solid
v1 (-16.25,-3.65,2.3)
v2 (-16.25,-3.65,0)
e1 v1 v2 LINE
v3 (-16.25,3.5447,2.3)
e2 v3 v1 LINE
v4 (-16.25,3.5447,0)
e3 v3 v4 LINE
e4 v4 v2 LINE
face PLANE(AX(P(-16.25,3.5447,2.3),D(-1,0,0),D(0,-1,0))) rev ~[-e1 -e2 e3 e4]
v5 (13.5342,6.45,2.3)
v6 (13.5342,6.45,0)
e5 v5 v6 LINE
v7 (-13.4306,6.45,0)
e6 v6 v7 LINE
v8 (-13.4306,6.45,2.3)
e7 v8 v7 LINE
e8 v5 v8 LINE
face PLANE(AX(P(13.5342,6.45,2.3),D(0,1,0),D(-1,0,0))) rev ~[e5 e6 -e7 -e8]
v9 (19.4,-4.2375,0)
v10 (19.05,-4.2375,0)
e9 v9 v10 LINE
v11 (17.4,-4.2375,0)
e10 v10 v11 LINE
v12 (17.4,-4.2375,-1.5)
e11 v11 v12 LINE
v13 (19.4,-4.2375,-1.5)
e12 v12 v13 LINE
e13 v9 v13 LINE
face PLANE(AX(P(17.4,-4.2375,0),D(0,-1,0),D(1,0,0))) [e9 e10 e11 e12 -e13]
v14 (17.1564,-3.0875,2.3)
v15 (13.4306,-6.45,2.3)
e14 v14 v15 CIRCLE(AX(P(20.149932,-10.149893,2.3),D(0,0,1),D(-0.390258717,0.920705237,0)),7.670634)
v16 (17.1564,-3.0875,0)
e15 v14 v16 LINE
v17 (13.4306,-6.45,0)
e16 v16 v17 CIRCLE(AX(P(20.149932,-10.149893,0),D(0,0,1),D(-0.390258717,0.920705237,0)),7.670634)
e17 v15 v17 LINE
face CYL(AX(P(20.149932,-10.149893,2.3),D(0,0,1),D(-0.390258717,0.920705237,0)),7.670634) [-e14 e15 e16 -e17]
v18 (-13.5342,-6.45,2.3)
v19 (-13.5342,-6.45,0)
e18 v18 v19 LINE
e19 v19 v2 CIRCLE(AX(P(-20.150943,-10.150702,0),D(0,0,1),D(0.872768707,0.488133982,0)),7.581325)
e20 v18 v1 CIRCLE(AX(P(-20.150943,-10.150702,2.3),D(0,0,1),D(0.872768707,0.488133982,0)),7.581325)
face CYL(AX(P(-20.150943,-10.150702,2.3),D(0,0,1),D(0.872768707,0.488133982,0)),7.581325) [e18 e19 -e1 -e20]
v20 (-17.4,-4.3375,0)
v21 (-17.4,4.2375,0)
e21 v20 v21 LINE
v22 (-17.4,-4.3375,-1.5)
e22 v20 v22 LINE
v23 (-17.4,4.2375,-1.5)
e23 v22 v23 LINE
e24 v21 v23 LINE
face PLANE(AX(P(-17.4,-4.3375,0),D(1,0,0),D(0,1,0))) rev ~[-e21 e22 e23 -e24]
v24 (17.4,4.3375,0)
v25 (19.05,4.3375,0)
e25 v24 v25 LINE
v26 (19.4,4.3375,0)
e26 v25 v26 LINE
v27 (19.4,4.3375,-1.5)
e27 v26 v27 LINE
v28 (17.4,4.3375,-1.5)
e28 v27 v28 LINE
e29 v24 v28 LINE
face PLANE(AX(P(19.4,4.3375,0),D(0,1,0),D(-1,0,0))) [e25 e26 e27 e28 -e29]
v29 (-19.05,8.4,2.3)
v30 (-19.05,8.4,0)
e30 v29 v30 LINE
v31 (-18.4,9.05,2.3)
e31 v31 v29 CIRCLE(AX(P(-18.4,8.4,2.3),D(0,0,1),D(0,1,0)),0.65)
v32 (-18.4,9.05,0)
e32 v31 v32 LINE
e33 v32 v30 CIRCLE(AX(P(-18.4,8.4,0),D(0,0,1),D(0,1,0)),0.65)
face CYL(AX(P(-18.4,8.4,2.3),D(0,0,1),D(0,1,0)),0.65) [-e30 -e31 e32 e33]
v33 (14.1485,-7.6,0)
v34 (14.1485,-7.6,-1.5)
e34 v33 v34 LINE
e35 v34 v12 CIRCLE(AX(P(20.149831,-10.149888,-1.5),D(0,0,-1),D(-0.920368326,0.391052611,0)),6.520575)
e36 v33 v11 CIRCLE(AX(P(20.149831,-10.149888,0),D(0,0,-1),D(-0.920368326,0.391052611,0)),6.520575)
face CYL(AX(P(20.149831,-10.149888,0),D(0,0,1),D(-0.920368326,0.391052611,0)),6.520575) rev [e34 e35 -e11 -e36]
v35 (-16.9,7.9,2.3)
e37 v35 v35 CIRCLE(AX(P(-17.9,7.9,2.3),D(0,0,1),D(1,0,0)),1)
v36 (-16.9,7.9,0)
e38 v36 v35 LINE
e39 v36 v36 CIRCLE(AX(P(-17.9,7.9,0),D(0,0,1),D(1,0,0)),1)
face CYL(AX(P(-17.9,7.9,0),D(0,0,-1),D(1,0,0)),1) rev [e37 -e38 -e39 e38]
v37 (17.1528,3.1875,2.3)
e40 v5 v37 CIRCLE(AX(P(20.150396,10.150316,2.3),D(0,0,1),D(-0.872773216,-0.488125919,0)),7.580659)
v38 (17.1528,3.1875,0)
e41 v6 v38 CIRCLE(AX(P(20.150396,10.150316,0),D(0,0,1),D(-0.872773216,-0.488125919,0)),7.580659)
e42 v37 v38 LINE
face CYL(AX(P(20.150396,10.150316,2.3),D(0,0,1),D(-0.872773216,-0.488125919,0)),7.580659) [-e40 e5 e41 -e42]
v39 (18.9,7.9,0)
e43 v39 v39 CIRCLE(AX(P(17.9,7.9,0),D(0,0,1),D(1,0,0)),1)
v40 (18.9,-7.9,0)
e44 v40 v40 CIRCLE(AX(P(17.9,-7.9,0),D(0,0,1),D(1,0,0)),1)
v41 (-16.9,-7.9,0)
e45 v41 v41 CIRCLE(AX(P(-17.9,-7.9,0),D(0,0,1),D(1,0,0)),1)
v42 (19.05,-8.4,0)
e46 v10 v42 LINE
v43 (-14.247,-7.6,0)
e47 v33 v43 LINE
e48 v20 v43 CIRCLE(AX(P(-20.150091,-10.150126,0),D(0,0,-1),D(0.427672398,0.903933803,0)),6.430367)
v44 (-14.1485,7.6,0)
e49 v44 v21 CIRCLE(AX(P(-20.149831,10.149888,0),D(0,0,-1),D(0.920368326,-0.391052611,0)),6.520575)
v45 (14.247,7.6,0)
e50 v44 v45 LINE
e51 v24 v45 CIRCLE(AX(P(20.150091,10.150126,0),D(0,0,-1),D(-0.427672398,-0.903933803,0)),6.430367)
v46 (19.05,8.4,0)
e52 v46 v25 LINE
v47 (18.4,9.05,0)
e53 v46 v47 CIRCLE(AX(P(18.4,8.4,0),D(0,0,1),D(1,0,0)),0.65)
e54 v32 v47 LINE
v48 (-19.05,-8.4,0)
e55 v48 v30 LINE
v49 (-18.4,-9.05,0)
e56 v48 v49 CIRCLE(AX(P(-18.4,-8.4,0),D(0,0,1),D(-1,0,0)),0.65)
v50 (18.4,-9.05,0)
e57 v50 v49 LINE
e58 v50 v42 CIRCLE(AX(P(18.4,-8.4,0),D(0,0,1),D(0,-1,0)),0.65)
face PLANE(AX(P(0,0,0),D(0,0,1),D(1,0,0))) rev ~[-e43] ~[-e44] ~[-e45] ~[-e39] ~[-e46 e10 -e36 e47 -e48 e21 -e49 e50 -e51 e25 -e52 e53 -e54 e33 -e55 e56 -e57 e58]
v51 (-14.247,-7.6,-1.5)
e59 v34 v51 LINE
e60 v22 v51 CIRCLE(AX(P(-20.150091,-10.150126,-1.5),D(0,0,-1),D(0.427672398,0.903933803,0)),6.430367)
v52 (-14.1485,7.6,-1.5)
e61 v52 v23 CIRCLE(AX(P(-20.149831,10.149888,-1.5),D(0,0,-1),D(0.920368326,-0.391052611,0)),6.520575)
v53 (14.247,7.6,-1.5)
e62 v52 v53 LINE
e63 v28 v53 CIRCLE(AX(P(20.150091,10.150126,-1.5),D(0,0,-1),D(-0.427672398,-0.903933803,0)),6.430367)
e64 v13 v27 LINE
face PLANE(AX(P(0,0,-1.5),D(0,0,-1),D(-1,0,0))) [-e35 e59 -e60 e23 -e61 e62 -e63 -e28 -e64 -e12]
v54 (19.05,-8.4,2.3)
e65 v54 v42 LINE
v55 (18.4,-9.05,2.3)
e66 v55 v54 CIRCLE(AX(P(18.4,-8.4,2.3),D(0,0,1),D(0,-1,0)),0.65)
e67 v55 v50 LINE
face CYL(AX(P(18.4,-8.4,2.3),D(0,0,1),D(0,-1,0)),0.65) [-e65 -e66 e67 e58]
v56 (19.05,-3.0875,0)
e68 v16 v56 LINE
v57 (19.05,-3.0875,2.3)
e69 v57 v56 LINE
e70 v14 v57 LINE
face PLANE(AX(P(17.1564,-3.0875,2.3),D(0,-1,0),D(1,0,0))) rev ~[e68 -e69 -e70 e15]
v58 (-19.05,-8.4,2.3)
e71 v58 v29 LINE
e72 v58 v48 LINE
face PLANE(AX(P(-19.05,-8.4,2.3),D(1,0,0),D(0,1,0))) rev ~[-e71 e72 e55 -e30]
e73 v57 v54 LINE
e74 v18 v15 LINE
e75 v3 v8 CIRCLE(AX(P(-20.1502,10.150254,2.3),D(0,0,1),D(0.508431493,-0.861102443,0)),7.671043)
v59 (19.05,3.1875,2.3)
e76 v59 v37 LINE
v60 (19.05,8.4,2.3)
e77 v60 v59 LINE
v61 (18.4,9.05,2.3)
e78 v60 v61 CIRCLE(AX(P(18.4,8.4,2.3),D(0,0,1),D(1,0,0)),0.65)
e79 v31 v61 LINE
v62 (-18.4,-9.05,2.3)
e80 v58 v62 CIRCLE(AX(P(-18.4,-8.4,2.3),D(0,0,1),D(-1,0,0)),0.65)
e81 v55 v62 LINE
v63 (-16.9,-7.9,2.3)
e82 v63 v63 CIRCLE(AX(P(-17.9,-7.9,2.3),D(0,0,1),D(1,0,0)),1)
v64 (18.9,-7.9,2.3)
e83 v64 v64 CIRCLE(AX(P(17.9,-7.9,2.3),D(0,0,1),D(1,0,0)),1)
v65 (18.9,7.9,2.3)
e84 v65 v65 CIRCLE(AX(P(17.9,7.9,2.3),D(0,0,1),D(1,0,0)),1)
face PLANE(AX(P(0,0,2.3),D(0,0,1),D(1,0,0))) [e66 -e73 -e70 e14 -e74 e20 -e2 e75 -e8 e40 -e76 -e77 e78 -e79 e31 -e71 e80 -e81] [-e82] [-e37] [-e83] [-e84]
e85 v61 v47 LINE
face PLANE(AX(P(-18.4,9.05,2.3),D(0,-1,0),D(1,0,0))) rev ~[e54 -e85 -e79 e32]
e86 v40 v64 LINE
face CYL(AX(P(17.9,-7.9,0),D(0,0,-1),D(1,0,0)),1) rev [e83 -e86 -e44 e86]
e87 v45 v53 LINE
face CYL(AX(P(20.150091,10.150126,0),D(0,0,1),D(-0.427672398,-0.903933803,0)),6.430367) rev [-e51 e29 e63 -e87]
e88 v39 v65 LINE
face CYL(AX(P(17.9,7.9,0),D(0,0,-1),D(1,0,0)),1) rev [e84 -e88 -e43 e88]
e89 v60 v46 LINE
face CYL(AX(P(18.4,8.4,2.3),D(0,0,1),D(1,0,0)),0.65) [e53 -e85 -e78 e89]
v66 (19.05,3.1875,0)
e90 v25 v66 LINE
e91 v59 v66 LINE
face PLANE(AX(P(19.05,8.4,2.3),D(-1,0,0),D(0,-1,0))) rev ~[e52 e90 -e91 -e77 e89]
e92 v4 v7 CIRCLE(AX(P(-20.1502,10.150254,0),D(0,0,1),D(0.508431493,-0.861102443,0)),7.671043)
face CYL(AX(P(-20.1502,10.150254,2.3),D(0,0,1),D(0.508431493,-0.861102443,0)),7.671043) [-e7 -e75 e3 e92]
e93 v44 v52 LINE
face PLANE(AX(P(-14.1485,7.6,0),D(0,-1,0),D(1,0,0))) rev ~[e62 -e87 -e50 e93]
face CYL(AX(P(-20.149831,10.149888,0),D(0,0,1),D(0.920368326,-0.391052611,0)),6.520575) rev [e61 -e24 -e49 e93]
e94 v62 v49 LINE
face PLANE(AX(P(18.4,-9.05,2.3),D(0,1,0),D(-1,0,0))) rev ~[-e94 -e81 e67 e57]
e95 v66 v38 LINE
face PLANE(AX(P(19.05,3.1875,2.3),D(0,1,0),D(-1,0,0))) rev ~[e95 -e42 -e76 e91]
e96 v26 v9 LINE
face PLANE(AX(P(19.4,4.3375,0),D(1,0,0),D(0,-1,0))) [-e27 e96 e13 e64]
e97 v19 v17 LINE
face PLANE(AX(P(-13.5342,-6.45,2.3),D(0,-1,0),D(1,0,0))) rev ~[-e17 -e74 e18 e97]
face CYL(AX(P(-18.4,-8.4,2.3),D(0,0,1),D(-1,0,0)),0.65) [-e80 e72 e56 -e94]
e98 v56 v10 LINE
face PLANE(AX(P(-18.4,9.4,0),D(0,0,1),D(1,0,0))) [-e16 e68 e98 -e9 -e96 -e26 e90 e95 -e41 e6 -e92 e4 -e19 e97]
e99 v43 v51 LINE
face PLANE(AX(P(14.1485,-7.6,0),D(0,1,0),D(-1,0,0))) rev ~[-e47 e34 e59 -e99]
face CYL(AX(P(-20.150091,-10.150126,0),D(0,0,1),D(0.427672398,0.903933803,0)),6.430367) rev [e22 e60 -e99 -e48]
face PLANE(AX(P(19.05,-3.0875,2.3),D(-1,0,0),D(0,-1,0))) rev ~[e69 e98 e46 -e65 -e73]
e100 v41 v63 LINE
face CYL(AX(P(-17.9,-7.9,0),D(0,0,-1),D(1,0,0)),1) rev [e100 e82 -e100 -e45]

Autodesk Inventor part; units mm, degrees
ref_plane "YZ Plane" through (0, 0, 0) normal (1, 0, 0) x (0, 1, 0)
ref_plane "XZ Plane" through (0, 0, 0) normal (0, 1, 0) x (-1, 0, 0)
sketch "Sketch1" plane through (0, 0, 0) normal (0, 0, 1) x (1, 0, 0)
  line L0 (17.4, 4.3375) -> (19.4, 4.3375) projected
  line L1 (19.4, 8.4) -> (19.4, 4.3375) projected
  arc A0 (19.4, 8.4) -> (18.4, 9.4) centre (18.4, 8.4) ccw projected
  line L2 (-18.4, 9.4) -> (18.4, 9.4) projected
  arc A1 (-18.4, 9.4) -> (-19.4, 8.4) centre (-18.4, 8.4) ccw projected
  line L3 (-19.4, -8.4) -> (-19.4, 8.4) projected
  arc A2 (-19.4, -8.4) -> (-18.4, -9.4) centre (-18.4, -8.4) ccw projected
  line L4 (18.4, -9.4) -> (-18.4, -9.4) projected
  arc A3 (18.4, -9.4) -> (19.4, -8.4) centre (18.4, -8.4) ccw projected
  line L5 (19.4, -4.2375) -> (19.4, -8.4) projected
  line L6 (19.4, -4.2375) -> (17.4, -4.2375) projected
  arc A4 (17.4, -4.2375) -> (14.1485, -7.6) centre (20.15, -10.15) ccw projected
  line L7 (14.1485, -7.6) -> (-14.247, -7.6) projected
  arc A5 (-14.247, -7.6) -> (-17.4, -4.3375) centre (-20.15, -10.15) ccw projected
  line L8 (-17.4, -4.3375) -> (-17.4, 4.2375) projected
  arc A6 (-17.4, 4.2375) -> (-14.1485, 7.6) centre (-20.15, 10.15) ccw projected
  line L9 (-14.1485, 7.6) -> (14.247, 7.6) projected
  arc A7 (14.247, 7.6) -> (17.4, 4.3375) centre (20.15, 10.15) ccw projected
  circle A8 centre (-17.9, -7.9) radius 1 projected
  circle A9 centre (17.9, -7.9) radius 1 projected
  circle A10 centre (-17.9, 7.9) radius 1 projected
  circle A11 centre (17.9, 7.9) radius 1 projected
  line L10 (19.4, -2.5) -> (19.4, 2.5) projected
  line L11 (19.4, 8.4) -> (19.4, 2.5) projected
  line L12 (19.4, -2.5) -> (19.4, -8.4) projected
  point P0 (0, 0)
ref_plane "Work Plane1" through (-26.7016, -22.7609, 2.3) normal (0, 0, 1) x (1, 0, 0)
extrude "Extrusion1" add sketch "Sketch1" along normal up to surface (2.3 mm away) contours A7 L9 A6 L8 A5 L7 A4 L6 L5 A3 L4 A2 L3 A1 L2 A0 L1 L0
sketch "Sketch2" plane through (0, 0, 0) normal (0, 0, -1) x (-1, 0, 0)
  arc A0 (14.1485, 7.6) -> (17.4, 4.2375) centre (20.15, 10.15) ccw projected
  line L0 (17.4, -4.3375) -> (17.4, 4.2375) projected
  arc A1 (17.4, -4.3375) -> (14.247, -7.6) centre (20.15, -10.15) ccw projected
  line L1 (-14.1485, -7.6) -> (14.247, -7.6) projected
  arc A2 (-14.1485, -7.6) -> (-17.4, -4.2375) centre (-20.15, -10.15) ccw projected
  line L2 (-17.4, -4.2375) -> (-19.4, -4.2375) projected
  line L3 (-19.4, -4.2375) -> (-19.4, 4.3375) projected
  line L4 (-19.4, 4.3375) -> (-17.4, 4.3375) projected
  arc A3 (-17.4, 4.3375) -> (-14.247, 7.6) centre (-20.15, 10.15) ccw projected
  line L5 (14.1485, 7.6) -> (-14.247, 7.6) projected
  point P0 (0, 0)
extrude "Extrusion2" add sketch "Sketch2" along normal blind 1.5
sketch "Sketch3" plane through (0, 0, 0) normal (0, 0, 1) x (1, 0, 0)
  line L0 (19.4, 4.3375) -> (19.4, -4.2375) projected
  line L1 (17.4, 4.3375) -> (19.4, 4.3375) projected
  arc A0 (14.247, 7.6) -> (17.4, 4.3375) centre (20.15, 10.15) ccw projected
  line L2 (-14.1485, 7.6) -> (14.247, 7.6) projected
  arc A1 (-17.4, 4.2375) -> (-14.1485, 7.6) centre (-20.15, 10.15) ccw projected
  line L3 (-17.4, -4.3375) -> (-17.4, 4.2375) projected
  arc A2 (-14.247, -7.6) -> (-17.4, -4.3375) centre (-20.15, -10.15) ccw projected
  line L4 (14.1485, -7.6) -> (-14.247, -7.6) projected
  arc A3 (17.4, -4.2375) -> (14.1485, -7.6) centre (20.15, -10.15) ccw projected
  line L5 (19.4, -4.2375) -> (17.4, -4.2375) projected
  arc A4 (13.332, 6.1) -> (17.0815, 2.8375) centre (20.15, 10.15) ccw
  line L6 (17.0815, 2.8375) -> (17.9, 2.8375)
  line L7 (17.9, 2.8375) -> (17.9, -2.7375)
  line L8 (17.9, -2.7375) -> (17.0861, -2.7375)
  arc A5 (17.0861, -2.7375) -> (13.2269, -6.1) centre (20.15, -10.15) ccw
  line L9 (13.2269, -6.1) -> (-13.332, -6.1)
  arc A6 (-13.332, -6.1) -> (-15.9, -3.4548) centre (-20.15, -10.15) ccw
  line L10 (-15.9, -3.4548) -> (-15.9, 3.3478)
  arc A7 (-15.9, 3.3478) -> (-13.2269, 6.1) centre (-20.15, 10.15) ccw
  line L11 (-13.2269, 6.1) -> (13.332, 6.1)
  line L12 (17.9, 2.8375) -> (19.4, 2.8375)
  line L13 (19.4, 2.8375) -> (19.4, -2.7375)
  line L14 (19.4, -2.7375) -> (17.9, -2.7375)
  line L15 (17.9, -2.7375) -> (17.9, 2.8375)
  point P0 (0, 0)
  dimension "d4" = 1.5
  dimension "d5" = 5.575
extrude "Extrusion3" add sketch "Sketch3" along normal up to surface (2.3 mm away) contours L0 L12 L6 A4 L11 A7 L10 A6 L9 A5 L8 L14 L5 A3 L4 A2 L3 A1 L2 A0 L1
sketch "Sketch4" plane through (-18.4, 9.4, 2.3) normal (0, 0, 1) x (1, 0, 0)
  line L0 (37.8, -12.1375) -> (37.8, -17.8) projected
  line L1 (35.4861, -12.1375) -> (37.8, -12.1375) projected
  arc A0 (35.4861, -12.1375) -> (31.6269, -15.5) centre (38.55, -19.55) ccw projected
  line L2 (5.068, -15.5) -> (31.6269, -15.5) projected
  arc A1 (5.068, -15.5) -> (2.5, -12.8548) centre (-1.75, -19.55) ccw projected
  line L3 (2.5, -6.0522) -> (2.5, -12.8548) projected
  arc A2 (2.5, -6.0522) -> (5.1731, -3.3) centre (-1.75, 0.75) ccw projected
  line L4 (31.732, -3.3) -> (5.1731, -3.3) projected
  arc A3 (31.732, -3.3) -> (35.4815, -6.5625) centre (38.55, 0.75) ccw projected
  line L5 (37.8, -6.5625) -> (35.4815, -6.5625) projected
  line L6 (37.8, -1) -> (37.8, -6.5625) projected
  arc A4 (37.8, -1) -> (36.8, 0) centre (36.8, -1) ccw projected
  line L7 (0, 0) -> (36.8, 0) projected
  arc A5 (0, 0) -> (-1, -1) centre (0, -1) ccw projected
  line L8 (-1, -17.8) -> (-1, -1) projected
  arc A6 (-1, -17.8) -> (0, -18.8) centre (0, -17.8) ccw projected
  line L9 (36.8, -18.8) -> (0, -18.8) projected
  arc A7 (36.8, -18.8) -> (37.8, -17.8) centre (36.8, -17.8) ccw projected
  arc A8 (37.45, -1) -> (36.8, -0.35) centre (36.8, -1) ccw
  line L10 (37.45, -1) -> (37.45, -6.2125)
  line L11 (37.45, -6.2125) -> (35.5528, -6.2125)
  arc A9 (31.9342, -2.95) -> (35.5528, -6.2125) centre (38.55, 0.75) ccw
  line L12 (31.9342, -2.95) -> (4.9694, -2.95)
  arc A10 (2.15, -5.8553) -> (4.9694, -2.95) centre (-1.75, 0.75) ccw
  line L13 (2.15, -5.8553) -> (2.15, -13.05)
  arc A11 (4.8658, -15.85) -> (2.15, -13.05) centre (-1.75, -19.55) ccw
  line L14 (4.8658, -15.85) -> (31.8306, -15.85)
  arc A12 (35.5564, -12.4875) -> (31.8306, -15.85) centre (38.55, -19.55) ccw
  line L15 (35.5564, -12.4875) -> (37.45, -12.4875)
  line L16 (37.45, -12.4875) -> (37.45, -17.8)
  arc A13 (36.8, -18.45) -> (37.45, -17.8) centre (36.8, -17.8) ccw
  line L17 (36.8, -18.45) -> (0, -18.45)
  arc A14 (-0.65, -17.8) -> (0, -18.45) centre (0, -17.8) ccw
  line L18 (-0.65, -17.8) -> (-0.65, -1)
  arc A15 (0, -0.35) -> (-0.65, -1) centre (0, -1) ccw
  line L19 (0, -0.35) -> (36.8, -0.35)
  line L20 (37.45, -6.2125) -> (37.45, -12.4875)
  line L21 (37.8, -6.5625) -> (37.8, -12.1375) projected
  line L22 (37.8, -6.2125) -> (37.8, -1)
  arc A16 (37.8, -1) -> (36.8, 0) centre (36.8, -1) ccw
  line L23 (36.8, 0) -> (0, 0)
  arc A17 (0, 0) -> (-1, -1) centre (0, -1) ccw
  line L24 (-1, -1) -> (-1, -17.8)
  arc A18 (-1, -17.8) -> (0, -18.8) centre (0, -17.8) ccw
  line L25 (0, -18.8) -> (36.8, -18.8)
  arc A19 (36.8, -18.8) -> (37.8, -17.8) centre (36.8, -17.8) ccw
  line L26 (37.8, -17.8) -> (37.8, -12.4875)
  line L27 (37.8, -6.2125) -> (37.8, -12.4875)
  line L28 (-1, 0) -> (37.8, 0)
  line L29 (37.8, 0) -> (37.8, -18.8)
  line L30 (37.8, -18.8) -> (-1, -18.8)
  line L31 (-1, -18.8) -> (-1, 0)
  line L32 (-0.65, -0.35) -> (37.45, -0.35)
  line L33 (37.45, -0.35) -> (37.45, -18.45)
  line L34 (37.45, -18.45) -> (-0.65, -18.45)
  line L35 (-0.65, -18.45) -> (-0.65, -0.35)
  point P0 (18.4, -9.4)
  dimension "d8" = 0.35
  dimension "d9" = 0
extrude "Extrusion4" cut sketch "Sketch4" against normal up to surface (2.3 mm away) contours L0 A7 L9 A6 L8 A5 L7 A4 L6 L5 L20 L10 L33 L32 L19 L35 L18 L34 L17 L16 L1 | L20 L15 A12 L14 A11 L13 A10 L12 A9 L11 L5 A3 L4 A2 L3 A1 L2 A0 L1 | L33 L34 A13 | A8 L32 L33 | L34 L35 A14 | A15 L35 L32
properties part number "contramoldetapasevo"
